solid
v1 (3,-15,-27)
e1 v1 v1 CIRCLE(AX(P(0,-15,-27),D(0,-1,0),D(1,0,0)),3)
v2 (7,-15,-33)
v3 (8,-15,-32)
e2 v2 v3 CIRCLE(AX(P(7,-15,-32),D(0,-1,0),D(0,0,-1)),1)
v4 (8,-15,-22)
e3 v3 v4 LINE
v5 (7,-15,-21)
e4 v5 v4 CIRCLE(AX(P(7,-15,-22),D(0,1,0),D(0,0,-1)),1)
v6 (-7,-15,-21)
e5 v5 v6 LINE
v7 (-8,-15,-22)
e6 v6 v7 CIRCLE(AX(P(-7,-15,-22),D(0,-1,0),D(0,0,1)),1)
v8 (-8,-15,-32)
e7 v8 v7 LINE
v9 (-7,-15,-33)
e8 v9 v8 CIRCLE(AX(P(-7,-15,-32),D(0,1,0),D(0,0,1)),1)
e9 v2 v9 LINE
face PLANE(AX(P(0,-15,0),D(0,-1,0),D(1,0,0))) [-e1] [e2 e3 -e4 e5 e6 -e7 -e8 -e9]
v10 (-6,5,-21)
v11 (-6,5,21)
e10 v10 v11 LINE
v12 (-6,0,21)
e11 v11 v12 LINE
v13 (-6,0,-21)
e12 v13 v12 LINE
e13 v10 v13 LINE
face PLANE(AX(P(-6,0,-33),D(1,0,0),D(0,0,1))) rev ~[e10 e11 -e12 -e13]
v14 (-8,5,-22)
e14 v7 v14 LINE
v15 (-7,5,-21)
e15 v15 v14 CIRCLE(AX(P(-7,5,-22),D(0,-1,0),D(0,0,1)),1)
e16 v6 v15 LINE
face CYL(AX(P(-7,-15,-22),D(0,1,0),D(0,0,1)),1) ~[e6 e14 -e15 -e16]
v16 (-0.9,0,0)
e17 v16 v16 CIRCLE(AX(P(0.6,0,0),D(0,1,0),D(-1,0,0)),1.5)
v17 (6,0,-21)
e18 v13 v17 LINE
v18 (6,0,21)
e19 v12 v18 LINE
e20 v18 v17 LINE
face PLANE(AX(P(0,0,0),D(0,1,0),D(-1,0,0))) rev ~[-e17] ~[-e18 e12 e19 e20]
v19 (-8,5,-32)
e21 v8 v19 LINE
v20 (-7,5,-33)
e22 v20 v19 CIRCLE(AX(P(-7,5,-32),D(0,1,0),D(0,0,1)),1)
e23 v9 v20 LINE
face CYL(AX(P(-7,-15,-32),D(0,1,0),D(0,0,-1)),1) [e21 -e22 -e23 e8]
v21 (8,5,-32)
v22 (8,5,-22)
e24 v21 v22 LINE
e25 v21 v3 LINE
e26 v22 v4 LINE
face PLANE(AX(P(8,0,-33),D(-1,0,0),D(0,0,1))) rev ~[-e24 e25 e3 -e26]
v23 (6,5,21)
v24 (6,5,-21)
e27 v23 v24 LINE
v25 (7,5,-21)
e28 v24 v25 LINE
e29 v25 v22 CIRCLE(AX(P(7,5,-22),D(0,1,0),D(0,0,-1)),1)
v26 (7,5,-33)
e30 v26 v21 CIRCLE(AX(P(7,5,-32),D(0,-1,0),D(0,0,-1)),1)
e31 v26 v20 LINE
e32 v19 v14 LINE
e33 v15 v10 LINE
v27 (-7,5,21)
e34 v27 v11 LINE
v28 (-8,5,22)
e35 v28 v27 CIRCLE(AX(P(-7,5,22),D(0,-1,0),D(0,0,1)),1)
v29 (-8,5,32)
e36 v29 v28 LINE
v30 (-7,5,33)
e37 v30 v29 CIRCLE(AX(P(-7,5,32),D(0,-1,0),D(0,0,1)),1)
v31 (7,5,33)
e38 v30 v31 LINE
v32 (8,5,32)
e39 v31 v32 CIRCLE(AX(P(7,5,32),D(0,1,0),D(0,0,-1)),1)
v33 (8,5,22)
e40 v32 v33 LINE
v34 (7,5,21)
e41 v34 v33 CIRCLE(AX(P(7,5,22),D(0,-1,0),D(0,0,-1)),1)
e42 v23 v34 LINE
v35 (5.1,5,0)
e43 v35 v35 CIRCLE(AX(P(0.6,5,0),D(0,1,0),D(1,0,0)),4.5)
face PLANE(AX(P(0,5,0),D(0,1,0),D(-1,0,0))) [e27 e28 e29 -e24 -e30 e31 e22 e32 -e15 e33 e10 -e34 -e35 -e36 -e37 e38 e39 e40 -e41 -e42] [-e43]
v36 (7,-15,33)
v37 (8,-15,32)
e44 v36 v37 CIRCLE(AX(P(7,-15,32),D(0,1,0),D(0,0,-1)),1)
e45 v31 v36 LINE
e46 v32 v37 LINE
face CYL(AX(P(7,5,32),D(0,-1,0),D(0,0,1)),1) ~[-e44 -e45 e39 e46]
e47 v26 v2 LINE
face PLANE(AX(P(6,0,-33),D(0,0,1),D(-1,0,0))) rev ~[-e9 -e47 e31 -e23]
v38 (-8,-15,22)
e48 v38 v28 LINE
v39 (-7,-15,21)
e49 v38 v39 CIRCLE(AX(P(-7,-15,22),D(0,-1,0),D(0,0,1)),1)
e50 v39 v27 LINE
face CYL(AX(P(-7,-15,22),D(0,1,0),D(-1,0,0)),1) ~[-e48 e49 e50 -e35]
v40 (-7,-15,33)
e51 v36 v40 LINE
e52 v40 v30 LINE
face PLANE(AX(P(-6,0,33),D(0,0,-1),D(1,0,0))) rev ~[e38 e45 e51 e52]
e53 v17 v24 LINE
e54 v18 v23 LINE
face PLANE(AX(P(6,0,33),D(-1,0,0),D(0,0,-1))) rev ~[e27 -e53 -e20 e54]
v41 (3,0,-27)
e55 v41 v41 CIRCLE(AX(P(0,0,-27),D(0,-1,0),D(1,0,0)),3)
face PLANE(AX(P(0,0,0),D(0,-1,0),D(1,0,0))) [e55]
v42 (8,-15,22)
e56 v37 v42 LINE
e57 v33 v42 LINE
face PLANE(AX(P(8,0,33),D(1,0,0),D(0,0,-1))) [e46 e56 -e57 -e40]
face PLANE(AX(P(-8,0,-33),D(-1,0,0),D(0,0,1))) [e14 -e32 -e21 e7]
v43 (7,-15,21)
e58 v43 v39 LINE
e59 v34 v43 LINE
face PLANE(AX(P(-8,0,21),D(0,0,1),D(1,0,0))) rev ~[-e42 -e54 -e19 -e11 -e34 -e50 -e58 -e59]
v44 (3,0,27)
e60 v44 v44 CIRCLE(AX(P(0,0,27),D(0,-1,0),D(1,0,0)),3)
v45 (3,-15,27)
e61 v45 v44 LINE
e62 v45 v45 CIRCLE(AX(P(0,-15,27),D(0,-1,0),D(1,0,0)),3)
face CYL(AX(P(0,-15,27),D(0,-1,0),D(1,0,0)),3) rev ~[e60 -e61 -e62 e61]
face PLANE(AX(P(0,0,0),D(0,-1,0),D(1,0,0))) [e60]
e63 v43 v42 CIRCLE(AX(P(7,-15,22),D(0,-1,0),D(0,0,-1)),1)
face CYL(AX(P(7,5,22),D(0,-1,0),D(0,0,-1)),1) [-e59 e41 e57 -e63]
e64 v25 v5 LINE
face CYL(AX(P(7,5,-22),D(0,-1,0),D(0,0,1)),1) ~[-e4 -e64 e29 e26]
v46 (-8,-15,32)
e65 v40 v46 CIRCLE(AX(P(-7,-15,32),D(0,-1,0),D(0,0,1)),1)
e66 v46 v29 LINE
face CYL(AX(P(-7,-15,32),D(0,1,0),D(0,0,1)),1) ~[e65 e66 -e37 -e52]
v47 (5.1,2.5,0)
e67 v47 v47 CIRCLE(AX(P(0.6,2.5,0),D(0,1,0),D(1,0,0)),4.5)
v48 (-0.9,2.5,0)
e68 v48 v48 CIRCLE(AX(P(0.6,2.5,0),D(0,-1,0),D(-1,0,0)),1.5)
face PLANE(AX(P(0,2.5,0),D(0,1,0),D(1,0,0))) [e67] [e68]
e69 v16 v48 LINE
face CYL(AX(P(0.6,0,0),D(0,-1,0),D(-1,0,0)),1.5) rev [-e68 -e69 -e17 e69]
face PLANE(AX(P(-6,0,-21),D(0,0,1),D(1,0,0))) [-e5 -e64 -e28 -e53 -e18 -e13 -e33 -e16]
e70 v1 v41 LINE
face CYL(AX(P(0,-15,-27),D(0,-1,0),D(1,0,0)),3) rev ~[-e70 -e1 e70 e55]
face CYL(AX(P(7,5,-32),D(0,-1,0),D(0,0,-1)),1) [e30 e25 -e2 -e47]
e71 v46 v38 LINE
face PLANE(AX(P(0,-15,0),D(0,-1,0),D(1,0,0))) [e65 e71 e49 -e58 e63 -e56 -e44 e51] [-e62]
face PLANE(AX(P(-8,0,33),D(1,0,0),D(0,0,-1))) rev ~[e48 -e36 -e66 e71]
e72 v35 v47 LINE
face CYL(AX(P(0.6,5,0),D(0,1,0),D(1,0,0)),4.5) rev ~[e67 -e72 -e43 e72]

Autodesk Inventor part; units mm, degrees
ref_plane "YZ Plane" through (0, 0, 0) normal (1, 0, 0) x (0, 1, 0)
ref_plane "XZ Plane" through (0, 0, 0) normal (0, 1, 0) x (-1, 0, 0)
ref_plane "XY Plane" through (0, 0, 0) normal (0, 0, 1) x (1, 0, 0)
sketch "Эскиз1" plane through (0, 0, 0) normal (0, 1, 0) x (-1, 0, 0)
  line L0 (-6, -33) -> (6, -33)
  line L1 (6, -33) -> (6, 33)
  line L2 (6, 33) -> (-6, 33)
  line L3 (-6, 33) -> (-6, -33)
  line L4 (-6, -33) -> (6, 33) construction
  line L5 (6, -33) -> (-6, 33) construction
  circle A0 centre (-0.6, 0) radius 1.5
  point P0 (0, 0)
  dimension "d0" = 12
  dimension "d1" = 66
  dimension "d21" = 3
  dimension "d22" = 0.6
  dimension "d23" = 33
extrude "Выдавливание1" add sketch "Эскиз1" along normal blind 5
sketch "Эскиз2" plane through (0, 0, 0) normal (0, -1, 0) x (1, 0, 0)
  line L0 (-3, -33) -> (-8, -33)
  line L1 (-8, -33) -> (-8, -21)
  line L2 (-8, -21) -> (-3, -21)
  line L3 (-3, -21) -> (-3, -33) construction
  line L4 (-6, -33) -> (-6, 33) projected
  line L5 (6, -33) -> (-6, -33) projected
  line L6 (-6, 0) -> (6, 0) construction
  line L7 (6, 33) -> (6, -33) projected
  line L8 (0, -33) -> (0, 33) construction
  line L9 (-6, 33) -> (6, 33) projected
  line L10 (-3, 33) -> (-8, 33)
  line L11 (-8, 33) -> (-8, 21)
  line L12 (-8, 21) -> (-3, 21)
  line L13 (-3, 21) -> (-3, 33) construction
  line L14 (3, -33) -> (8, -33)
  line L15 (8, -33) -> (8, -21)
  line L16 (8, -21) -> (3, -21)
  line L17 (3, -21) -> (3, -33) construction
  line L18 (8, 21) -> (3, 21)
  line L19 (8, 33) -> (8, 21)
  line L20 (3, 33) -> (8, 33)
  line L21 (3, 21) -> (3, 33) construction
  line L22 (-3, -33) -> (3, -33)
  line L23 (-3, -21) -> (3, -21)
  line L24 (-3, 21) -> (3, 21)
  line L25 (-3, 33) -> (3, 33)
  point P0 (0, 0)
  dimension "d5" = 2
  dimension "d6" = 5
  dimension "d7" = 12
  dimension "d8" = 0
extrude "Выдавливание2" add sketch "Эскиз2" along normal blind 15 and the other way blind 5 contours L0 L4 L2 L23 L16 L7 L5 | L0 L1 L2 L4 | L7 L16 L15 L14 | L12 L11 L10 L4 | L4 L9 L7 L18 L24 L12 | L7 L20 L19 L18
fillet "Сопряжение1" radius 1 8 edges at (-8, -5, -21) (-8, -5, 33) (-8, -5, 21) (8, -5, -21) (8, -5, -33) (-8, -5, -33) (8, -5, 33) (8, -5, 21)
sketch "Эскиз3" plane through (0, 5, 0) normal (0, 1, 0) x (1, 0, 0)
  circle A0 centre (0.6, 0) radius 1.5 projected
  circle A1 centre (0.6, 0) radius 4.5
  point P0 (0, 0)
  dimension "d24" = 9
extrude "Выдавливание3" cut sketch "Эскиз3" against normal blind 2.5
sketch "Эскиз4" plane through (0, -15, 0) normal (0, -1, 0) x (1, 0, 0)
  arc A0 (-7, -21) -> (-8, -22) centre (-7, -22) ccw projected
  arc A1 (7, -33) -> (8, -32) centre (7, -32) ccw projected
  line L0 (-7, -22) -> (7, -32) construction
  circle A2 centre (0, -27) radius 3
  line L1 (0, 0) -> (-6, 0) construction
  line L2 (-6, -21) -> (-6, 21) projected
  circle A3 centre (0, 27) radius 3
  dimension "d18" = 6
extrude "Выдавливание4" cut sketch "Эскиз4" against normal blind 15
equation "\"d23\" = 0.5 * d1"
properties part number "kick"
